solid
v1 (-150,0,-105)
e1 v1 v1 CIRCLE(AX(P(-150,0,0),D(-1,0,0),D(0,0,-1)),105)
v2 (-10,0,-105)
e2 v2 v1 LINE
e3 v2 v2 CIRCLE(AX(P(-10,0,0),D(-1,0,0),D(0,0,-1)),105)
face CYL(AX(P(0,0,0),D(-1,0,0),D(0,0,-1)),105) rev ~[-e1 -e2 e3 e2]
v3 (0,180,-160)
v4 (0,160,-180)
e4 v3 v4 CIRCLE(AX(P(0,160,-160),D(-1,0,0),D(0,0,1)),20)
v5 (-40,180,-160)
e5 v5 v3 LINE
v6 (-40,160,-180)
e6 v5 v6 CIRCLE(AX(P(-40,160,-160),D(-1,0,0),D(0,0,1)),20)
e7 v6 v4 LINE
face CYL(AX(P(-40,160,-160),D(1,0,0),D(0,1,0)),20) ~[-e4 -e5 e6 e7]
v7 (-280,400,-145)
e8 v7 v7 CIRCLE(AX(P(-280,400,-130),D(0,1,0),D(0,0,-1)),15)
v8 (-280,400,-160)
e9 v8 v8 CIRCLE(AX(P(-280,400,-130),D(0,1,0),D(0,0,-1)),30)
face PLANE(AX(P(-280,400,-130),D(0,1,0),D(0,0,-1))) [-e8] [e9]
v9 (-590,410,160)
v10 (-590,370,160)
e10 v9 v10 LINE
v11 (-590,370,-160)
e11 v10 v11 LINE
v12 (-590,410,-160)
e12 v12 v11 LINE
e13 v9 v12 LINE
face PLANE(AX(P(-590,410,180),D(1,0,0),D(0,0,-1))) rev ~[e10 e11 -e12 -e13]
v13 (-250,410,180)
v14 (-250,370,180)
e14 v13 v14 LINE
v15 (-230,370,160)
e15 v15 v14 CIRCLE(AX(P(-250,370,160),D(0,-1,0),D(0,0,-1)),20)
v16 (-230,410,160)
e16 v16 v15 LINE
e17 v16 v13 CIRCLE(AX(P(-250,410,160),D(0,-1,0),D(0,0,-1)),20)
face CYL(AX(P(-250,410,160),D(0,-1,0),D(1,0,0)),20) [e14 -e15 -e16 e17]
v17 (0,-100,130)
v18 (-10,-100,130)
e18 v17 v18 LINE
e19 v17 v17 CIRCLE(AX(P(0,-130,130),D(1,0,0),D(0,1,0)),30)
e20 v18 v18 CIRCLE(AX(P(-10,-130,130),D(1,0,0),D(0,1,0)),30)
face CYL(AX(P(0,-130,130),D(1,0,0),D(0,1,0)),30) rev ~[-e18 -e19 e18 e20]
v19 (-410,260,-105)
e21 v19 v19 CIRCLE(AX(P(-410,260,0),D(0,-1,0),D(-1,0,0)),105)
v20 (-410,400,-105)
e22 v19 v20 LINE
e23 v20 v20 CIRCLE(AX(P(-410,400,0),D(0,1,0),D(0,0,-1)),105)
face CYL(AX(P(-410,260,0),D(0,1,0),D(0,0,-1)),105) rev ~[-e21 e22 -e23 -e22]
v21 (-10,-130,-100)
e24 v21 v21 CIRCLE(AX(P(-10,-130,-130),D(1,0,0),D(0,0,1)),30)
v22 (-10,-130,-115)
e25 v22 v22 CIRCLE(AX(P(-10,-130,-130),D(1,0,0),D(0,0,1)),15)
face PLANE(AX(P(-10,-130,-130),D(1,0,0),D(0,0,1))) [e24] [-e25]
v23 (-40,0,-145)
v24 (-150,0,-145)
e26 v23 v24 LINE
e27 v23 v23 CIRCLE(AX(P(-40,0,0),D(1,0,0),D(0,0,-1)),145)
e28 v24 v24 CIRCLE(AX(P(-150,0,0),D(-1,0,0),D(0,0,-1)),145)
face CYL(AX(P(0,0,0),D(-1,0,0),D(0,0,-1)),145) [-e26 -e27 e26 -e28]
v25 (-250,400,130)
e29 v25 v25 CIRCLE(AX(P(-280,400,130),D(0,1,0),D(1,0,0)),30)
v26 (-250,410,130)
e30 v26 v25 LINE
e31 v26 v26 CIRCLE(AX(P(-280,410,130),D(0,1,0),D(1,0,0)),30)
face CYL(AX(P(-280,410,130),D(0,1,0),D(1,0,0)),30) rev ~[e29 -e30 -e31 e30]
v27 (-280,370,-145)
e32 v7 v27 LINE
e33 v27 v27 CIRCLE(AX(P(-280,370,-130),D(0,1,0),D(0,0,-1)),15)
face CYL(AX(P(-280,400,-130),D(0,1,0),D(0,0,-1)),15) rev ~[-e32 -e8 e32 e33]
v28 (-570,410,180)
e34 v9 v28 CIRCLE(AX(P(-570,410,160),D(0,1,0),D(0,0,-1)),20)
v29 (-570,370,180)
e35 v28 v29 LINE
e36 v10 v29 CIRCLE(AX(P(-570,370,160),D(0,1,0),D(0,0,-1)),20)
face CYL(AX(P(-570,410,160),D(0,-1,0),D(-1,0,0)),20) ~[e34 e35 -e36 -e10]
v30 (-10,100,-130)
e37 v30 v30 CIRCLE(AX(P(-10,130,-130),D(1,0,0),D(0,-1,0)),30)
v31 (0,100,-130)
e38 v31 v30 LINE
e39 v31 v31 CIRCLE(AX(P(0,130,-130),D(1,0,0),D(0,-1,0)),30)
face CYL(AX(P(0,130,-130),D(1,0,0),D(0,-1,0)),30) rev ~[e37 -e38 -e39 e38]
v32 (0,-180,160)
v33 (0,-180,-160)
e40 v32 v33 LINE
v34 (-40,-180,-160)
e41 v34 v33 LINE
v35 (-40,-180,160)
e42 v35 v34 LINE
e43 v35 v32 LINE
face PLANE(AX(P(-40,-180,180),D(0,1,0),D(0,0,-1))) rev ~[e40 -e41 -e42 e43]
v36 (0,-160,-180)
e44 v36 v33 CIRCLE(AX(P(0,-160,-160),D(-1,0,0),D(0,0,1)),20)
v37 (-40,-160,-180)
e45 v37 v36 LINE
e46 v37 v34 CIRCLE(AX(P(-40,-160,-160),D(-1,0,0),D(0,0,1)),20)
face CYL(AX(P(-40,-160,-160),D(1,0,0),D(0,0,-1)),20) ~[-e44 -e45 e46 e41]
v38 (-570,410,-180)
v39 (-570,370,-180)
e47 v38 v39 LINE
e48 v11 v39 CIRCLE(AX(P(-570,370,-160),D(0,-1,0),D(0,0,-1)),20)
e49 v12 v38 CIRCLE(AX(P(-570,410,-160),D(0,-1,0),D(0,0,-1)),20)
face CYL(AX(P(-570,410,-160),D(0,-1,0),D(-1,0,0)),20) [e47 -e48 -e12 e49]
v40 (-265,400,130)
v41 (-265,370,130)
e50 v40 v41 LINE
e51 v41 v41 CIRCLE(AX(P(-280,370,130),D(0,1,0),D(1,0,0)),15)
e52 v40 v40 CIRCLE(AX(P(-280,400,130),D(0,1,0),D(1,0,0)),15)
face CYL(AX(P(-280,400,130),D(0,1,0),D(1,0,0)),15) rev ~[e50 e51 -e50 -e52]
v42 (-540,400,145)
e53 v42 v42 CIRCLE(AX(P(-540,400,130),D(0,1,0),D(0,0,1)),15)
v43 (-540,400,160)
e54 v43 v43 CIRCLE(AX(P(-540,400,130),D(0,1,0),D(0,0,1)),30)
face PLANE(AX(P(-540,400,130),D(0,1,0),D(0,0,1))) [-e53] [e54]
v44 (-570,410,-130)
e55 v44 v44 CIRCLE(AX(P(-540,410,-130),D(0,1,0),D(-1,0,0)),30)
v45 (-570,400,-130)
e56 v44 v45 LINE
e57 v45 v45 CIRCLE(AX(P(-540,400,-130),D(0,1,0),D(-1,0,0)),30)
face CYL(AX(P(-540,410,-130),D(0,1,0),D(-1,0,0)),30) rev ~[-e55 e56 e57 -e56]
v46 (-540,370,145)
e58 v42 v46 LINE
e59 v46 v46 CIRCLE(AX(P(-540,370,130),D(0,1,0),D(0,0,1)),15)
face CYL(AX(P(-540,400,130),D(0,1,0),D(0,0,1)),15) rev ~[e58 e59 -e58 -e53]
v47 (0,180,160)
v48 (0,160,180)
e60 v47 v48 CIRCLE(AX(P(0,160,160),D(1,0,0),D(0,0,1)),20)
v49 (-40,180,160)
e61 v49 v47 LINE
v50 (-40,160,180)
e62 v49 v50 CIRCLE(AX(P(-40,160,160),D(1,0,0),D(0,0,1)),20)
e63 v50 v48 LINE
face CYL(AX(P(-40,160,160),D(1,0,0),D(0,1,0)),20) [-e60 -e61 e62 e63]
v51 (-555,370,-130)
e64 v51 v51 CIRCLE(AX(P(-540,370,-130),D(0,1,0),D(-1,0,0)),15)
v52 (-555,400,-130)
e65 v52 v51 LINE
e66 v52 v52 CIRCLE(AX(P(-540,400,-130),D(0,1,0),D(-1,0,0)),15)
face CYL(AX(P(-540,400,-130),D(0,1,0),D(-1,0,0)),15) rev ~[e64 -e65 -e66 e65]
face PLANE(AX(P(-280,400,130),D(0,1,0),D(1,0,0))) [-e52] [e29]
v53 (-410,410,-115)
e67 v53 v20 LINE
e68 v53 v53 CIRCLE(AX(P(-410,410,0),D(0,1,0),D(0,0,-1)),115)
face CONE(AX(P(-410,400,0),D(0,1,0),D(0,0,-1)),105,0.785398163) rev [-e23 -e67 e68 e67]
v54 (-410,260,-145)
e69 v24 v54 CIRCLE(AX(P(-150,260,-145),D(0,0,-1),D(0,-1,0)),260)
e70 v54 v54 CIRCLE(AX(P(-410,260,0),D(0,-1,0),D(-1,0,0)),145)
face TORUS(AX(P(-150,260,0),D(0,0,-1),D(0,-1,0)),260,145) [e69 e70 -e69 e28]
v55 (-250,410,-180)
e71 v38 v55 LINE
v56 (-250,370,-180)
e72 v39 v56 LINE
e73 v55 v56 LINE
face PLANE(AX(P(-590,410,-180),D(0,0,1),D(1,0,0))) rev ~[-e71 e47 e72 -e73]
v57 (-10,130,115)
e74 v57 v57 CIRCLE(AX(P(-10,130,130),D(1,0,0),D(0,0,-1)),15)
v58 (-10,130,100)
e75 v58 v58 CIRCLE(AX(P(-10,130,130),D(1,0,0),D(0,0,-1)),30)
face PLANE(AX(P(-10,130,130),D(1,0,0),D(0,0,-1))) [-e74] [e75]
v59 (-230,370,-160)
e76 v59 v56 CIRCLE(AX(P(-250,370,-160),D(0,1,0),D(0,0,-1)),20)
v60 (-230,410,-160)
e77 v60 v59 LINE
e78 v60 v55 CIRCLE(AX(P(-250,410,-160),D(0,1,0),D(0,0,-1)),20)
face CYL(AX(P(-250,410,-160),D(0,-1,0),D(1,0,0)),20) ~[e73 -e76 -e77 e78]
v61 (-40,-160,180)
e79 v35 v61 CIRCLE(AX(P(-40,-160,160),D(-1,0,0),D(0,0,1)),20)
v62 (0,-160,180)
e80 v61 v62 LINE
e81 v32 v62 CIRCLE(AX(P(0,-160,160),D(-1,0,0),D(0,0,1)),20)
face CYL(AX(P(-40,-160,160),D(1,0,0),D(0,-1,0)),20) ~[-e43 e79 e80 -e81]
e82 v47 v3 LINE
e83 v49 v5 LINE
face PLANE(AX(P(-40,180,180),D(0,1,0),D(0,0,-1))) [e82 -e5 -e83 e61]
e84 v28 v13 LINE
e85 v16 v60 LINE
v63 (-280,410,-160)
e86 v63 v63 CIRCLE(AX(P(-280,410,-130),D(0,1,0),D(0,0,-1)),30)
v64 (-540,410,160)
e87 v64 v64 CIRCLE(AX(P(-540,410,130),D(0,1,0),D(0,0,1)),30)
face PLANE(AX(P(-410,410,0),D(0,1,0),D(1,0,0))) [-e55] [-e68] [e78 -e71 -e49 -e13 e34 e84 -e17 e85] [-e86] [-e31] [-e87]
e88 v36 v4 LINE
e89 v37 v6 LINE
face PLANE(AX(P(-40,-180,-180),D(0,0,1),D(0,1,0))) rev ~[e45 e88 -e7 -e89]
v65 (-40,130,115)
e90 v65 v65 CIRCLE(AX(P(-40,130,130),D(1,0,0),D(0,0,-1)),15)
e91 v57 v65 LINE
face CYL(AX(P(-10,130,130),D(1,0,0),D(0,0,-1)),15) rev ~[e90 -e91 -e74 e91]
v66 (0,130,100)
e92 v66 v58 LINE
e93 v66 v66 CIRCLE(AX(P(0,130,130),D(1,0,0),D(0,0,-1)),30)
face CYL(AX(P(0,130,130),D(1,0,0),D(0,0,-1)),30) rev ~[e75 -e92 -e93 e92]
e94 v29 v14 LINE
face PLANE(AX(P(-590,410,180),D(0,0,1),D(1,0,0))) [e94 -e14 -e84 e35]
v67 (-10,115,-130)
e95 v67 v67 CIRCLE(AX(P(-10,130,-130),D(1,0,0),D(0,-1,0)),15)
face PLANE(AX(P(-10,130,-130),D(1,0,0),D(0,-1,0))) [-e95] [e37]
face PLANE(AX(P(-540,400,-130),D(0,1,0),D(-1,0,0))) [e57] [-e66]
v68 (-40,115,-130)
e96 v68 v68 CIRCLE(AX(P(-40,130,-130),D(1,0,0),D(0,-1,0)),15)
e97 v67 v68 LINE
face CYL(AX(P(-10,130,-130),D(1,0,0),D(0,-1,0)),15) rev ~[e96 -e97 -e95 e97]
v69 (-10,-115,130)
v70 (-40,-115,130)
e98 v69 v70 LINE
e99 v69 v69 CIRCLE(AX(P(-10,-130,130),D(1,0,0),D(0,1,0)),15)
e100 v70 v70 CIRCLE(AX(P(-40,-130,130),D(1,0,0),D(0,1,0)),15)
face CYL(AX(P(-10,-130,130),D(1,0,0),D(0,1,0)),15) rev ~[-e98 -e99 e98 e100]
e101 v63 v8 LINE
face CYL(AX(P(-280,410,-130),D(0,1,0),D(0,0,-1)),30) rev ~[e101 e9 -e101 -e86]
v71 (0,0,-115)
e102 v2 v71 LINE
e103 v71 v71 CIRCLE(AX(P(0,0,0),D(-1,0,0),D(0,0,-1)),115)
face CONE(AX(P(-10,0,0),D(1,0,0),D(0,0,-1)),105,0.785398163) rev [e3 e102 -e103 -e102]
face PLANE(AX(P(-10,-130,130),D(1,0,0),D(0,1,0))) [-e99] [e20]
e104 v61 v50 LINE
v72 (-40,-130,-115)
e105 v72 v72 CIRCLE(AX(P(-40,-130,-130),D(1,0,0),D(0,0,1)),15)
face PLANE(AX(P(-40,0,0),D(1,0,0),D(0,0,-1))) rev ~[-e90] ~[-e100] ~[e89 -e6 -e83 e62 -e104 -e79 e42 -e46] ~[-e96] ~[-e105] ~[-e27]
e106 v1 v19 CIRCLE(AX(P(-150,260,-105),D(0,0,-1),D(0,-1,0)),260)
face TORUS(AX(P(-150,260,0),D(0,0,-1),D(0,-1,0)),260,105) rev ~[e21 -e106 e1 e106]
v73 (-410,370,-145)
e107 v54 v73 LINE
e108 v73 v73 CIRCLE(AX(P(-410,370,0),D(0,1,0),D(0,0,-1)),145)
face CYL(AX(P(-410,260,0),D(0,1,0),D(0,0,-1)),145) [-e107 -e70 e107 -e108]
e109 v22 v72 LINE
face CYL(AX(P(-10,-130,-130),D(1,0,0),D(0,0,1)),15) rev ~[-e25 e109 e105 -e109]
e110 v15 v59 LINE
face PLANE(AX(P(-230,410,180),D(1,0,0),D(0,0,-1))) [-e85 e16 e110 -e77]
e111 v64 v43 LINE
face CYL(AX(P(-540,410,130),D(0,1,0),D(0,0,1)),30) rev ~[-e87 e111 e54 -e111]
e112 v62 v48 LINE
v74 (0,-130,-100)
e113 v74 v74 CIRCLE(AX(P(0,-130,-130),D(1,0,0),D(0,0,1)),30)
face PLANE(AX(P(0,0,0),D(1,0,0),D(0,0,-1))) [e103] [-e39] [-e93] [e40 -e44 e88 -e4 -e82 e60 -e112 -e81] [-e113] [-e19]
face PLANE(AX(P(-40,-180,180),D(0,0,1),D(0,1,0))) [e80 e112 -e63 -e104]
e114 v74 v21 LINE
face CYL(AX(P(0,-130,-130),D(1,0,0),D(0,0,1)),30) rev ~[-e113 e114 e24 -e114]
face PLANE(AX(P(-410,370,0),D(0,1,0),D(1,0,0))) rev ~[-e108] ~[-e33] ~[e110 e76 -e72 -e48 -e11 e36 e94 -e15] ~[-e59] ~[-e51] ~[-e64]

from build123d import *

# Parameters (mm, degrees)
SKETCH2_R           = 145
SKETCH2_R_2         = 105
BOSS_EXTRUDE1_START = -40
SKETCH3_W           = 360
SKETCH3_H           = 360
SKETCH3_R           = 145
BOSS_EXTRUDE1_DEPTH = 40
SKETCH4_W           = 360
SKETCH4_H           = 360
SKETCH4_R           = 145
BOSS_EXTRUDE2_DEPTH = 40
FILLET1_R           = 20
CHAMFER1_SIZE       = 10
SKETCH5_R           = 30
CUT_EXTRUDE1_DEPTH  = 10
CUT_EXTRUDE2_REACH  = 734.735
SKETCH6_R           = 15
CIRPATTERN1_COUNT   = 4
SKETCH7_R           = 30
CUT_EXTRUDE3_DEPTH  = 10
CUT_EXTRUDE4_REACH  = 848.699
SKETCH8_R           = 15
CIRPATTERN2_COUNT   = 4


with BuildPart() as part:
    # Sweep-Thin1: sweep along a path in Sketch1
    with BuildLine(Plane.XY) as sweep_thin1_path:
        Line((0, 0), (-150, 0))
        ThreePointArc((-150, 0), (-333.847763109, 76.152236891), (-410, 260))
        Line((-410, 260), (-410, 410))
    # Sketch2 → Sweep-Thin1 (sweep)
    with BuildSketch(Plane(origin=(0, 0, 0), x_dir=(0, 0, -1), z_dir=(1, 0, 0))):
        Circle(SKETCH2_R)
        Circle(SKETCH2_R_2, mode=Mode.SUBTRACT)
    sweep(path=sweep_thin1_path.line)

    # Sketch3 → Boss-Extrude1 (add)
    with BuildSketch(Plane(origin=(0, 0, 0), x_dir=(0, 0, -1), z_dir=(1, 0, 0)).offset(BOSS_EXTRUDE1_START)):
        Rectangle(SKETCH3_W, SKETCH3_H)
        with Locations(Location((0, 0, 0), (0, 0, 270))):
            Circle(SKETCH3_R, mode=Mode.SUBTRACT)
    extrude(amount=BOSS_EXTRUDE1_DEPTH)

    # Sketch4 → Boss-Extrude2 (add)
    with BuildSketch(Plane(origin=(0, 410, 0), x_dir=(1, 0, 0), z_dir=(0, 1, 0))):
        with Locations((-410, 0)):
            Rectangle(SKETCH4_W, SKETCH4_H)
        with Locations(Location((-410, 0, 0), (0, 0, 180))):
            Circle(SKETCH4_R, mode=Mode.SUBTRACT)
    extrude(amount=-BOSS_EXTRUDE2_DEPTH)

    # Fillet1
    fillet1_edges = [part.edges().sort_by_distance(p)[0] for p in [
        (-20, 180, -180),
        (-20, -180, -180),
        (-20, -180, 180),
        (-20, 180, 180),
        (-230, 390, -180),
        (-230, 390, 180),
        (-590, 390, 180),
        (-590, 390, -180),
    ]]
    fillet(fillet1_edges, radius=FILLET1_R)

    # Chamfer1
    chamfer1_edges = [part.edges().sort_by_distance(p)[0] for p in [
        (0, 0, 105),
        (-410, 410, 105),
    ]]
    chamfer(chamfer1_edges, length=CHAMFER1_SIZE)

    # Sketch5 → Cut-Extrude1 (cut)
    with BuildSketch(Plane(origin=(0, 0, 0), x_dir=(0, 0, -1), z_dir=(1, 0, 0))):
        with Locations((-130, 130)):
            Circle(SKETCH5_R)
    cut_extrude1 = extrude(amount=-CUT_EXTRUDE1_DEPTH, mode=Mode.SUBTRACT)

    # Sketch6 → Cut-Extrude2 (cut, up to next)
    with BuildSketch(Plane(origin=(-10, 0, 0), x_dir=(0, 0, -1), z_dir=(1, 0, 0)), mode=Mode.PRIVATE) as cut_extrude2_sk1:
        with Locations((-130, 130)):
            Circle(SKETCH6_R)
    cut_extrude2_tool1 = extrude(cut_extrude2_sk1.sketch, amount=-CUT_EXTRUDE2_REACH, mode=Mode.PRIVATE) & part.part
    cut_extrude2 = cut_extrude2_tool1.solids().sort_by_distance((-10, 130, 130))[0]
    add(cut_extrude2, mode=Mode.SUBTRACT)

    # CirPattern1: Cut-Extrude1, Cut-Extrude2 ×4 about axis
    cirpattern1_axis = Axis((0, 0, 0), (1, 0, 0))
    add([cut_extrude1.rotate(cirpattern1_axis, i * 360 / CIRPATTERN1_COUNT) for i in range(1, CIRPATTERN1_COUNT)], mode=Mode.SUBTRACT)
    add([cut_extrude2.rotate(cirpattern1_axis, i * 360 / CIRPATTERN1_COUNT) for i in range(1, CIRPATTERN1_COUNT)], mode=Mode.SUBTRACT)

    # Sketch7 → Cut-Extrude3 (cut)
    with BuildSketch(Plane(origin=(0, 410, 0), x_dir=(1, 0, 0), z_dir=(0, 1, 0))):
        with Locations(Location((-540, 130, 0), (0, 0, 180))):
            Circle(SKETCH7_R)
    cut_extrude3 = extrude(amount=-CUT_EXTRUDE3_DEPTH, mode=Mode.SUBTRACT)

    # Sketch8 → Cut-Extrude4 (cut, up to next)
    with BuildSketch(Plane(origin=(0, 400, 0), x_dir=(1, 0, 0), z_dir=(0, 1, 0)), mode=Mode.PRIVATE) as cut_extrude4_sk1:
        with Locations(Location((-540, 130, 0), (0, 0, 180))):
            Circle(SKETCH8_R)
    cut_extrude4_tool1 = extrude(cut_extrude4_sk1.sketch, amount=-CUT_EXTRUDE4_REACH, mode=Mode.PRIVATE) & part.part
    cut_extrude4 = cut_extrude4_tool1.solids().sort_by_distance((-540, 400, -130))[0]
    add(cut_extrude4, mode=Mode.SUBTRACT)

    # CirPattern2: Cut-Extrude3, Cut-Extrude4 ×4 about axis
    cirpattern2_axis = Axis((-410, 0, 0), (0, 1, 0))
    add([cut_extrude3.rotate(cirpattern2_axis, i * 360 / CIRPATTERN2_COUNT) for i in range(1, CIRPATTERN2_COUNT)], mode=Mode.SUBTRACT)
    add([cut_extrude4.rotate(cirpattern2_axis, i * 360 / CIRPATTERN2_COUNT) for i in range(1, CIRPATTERN2_COUNT)], mode=Mode.SUBTRACT)


solid = part.part
